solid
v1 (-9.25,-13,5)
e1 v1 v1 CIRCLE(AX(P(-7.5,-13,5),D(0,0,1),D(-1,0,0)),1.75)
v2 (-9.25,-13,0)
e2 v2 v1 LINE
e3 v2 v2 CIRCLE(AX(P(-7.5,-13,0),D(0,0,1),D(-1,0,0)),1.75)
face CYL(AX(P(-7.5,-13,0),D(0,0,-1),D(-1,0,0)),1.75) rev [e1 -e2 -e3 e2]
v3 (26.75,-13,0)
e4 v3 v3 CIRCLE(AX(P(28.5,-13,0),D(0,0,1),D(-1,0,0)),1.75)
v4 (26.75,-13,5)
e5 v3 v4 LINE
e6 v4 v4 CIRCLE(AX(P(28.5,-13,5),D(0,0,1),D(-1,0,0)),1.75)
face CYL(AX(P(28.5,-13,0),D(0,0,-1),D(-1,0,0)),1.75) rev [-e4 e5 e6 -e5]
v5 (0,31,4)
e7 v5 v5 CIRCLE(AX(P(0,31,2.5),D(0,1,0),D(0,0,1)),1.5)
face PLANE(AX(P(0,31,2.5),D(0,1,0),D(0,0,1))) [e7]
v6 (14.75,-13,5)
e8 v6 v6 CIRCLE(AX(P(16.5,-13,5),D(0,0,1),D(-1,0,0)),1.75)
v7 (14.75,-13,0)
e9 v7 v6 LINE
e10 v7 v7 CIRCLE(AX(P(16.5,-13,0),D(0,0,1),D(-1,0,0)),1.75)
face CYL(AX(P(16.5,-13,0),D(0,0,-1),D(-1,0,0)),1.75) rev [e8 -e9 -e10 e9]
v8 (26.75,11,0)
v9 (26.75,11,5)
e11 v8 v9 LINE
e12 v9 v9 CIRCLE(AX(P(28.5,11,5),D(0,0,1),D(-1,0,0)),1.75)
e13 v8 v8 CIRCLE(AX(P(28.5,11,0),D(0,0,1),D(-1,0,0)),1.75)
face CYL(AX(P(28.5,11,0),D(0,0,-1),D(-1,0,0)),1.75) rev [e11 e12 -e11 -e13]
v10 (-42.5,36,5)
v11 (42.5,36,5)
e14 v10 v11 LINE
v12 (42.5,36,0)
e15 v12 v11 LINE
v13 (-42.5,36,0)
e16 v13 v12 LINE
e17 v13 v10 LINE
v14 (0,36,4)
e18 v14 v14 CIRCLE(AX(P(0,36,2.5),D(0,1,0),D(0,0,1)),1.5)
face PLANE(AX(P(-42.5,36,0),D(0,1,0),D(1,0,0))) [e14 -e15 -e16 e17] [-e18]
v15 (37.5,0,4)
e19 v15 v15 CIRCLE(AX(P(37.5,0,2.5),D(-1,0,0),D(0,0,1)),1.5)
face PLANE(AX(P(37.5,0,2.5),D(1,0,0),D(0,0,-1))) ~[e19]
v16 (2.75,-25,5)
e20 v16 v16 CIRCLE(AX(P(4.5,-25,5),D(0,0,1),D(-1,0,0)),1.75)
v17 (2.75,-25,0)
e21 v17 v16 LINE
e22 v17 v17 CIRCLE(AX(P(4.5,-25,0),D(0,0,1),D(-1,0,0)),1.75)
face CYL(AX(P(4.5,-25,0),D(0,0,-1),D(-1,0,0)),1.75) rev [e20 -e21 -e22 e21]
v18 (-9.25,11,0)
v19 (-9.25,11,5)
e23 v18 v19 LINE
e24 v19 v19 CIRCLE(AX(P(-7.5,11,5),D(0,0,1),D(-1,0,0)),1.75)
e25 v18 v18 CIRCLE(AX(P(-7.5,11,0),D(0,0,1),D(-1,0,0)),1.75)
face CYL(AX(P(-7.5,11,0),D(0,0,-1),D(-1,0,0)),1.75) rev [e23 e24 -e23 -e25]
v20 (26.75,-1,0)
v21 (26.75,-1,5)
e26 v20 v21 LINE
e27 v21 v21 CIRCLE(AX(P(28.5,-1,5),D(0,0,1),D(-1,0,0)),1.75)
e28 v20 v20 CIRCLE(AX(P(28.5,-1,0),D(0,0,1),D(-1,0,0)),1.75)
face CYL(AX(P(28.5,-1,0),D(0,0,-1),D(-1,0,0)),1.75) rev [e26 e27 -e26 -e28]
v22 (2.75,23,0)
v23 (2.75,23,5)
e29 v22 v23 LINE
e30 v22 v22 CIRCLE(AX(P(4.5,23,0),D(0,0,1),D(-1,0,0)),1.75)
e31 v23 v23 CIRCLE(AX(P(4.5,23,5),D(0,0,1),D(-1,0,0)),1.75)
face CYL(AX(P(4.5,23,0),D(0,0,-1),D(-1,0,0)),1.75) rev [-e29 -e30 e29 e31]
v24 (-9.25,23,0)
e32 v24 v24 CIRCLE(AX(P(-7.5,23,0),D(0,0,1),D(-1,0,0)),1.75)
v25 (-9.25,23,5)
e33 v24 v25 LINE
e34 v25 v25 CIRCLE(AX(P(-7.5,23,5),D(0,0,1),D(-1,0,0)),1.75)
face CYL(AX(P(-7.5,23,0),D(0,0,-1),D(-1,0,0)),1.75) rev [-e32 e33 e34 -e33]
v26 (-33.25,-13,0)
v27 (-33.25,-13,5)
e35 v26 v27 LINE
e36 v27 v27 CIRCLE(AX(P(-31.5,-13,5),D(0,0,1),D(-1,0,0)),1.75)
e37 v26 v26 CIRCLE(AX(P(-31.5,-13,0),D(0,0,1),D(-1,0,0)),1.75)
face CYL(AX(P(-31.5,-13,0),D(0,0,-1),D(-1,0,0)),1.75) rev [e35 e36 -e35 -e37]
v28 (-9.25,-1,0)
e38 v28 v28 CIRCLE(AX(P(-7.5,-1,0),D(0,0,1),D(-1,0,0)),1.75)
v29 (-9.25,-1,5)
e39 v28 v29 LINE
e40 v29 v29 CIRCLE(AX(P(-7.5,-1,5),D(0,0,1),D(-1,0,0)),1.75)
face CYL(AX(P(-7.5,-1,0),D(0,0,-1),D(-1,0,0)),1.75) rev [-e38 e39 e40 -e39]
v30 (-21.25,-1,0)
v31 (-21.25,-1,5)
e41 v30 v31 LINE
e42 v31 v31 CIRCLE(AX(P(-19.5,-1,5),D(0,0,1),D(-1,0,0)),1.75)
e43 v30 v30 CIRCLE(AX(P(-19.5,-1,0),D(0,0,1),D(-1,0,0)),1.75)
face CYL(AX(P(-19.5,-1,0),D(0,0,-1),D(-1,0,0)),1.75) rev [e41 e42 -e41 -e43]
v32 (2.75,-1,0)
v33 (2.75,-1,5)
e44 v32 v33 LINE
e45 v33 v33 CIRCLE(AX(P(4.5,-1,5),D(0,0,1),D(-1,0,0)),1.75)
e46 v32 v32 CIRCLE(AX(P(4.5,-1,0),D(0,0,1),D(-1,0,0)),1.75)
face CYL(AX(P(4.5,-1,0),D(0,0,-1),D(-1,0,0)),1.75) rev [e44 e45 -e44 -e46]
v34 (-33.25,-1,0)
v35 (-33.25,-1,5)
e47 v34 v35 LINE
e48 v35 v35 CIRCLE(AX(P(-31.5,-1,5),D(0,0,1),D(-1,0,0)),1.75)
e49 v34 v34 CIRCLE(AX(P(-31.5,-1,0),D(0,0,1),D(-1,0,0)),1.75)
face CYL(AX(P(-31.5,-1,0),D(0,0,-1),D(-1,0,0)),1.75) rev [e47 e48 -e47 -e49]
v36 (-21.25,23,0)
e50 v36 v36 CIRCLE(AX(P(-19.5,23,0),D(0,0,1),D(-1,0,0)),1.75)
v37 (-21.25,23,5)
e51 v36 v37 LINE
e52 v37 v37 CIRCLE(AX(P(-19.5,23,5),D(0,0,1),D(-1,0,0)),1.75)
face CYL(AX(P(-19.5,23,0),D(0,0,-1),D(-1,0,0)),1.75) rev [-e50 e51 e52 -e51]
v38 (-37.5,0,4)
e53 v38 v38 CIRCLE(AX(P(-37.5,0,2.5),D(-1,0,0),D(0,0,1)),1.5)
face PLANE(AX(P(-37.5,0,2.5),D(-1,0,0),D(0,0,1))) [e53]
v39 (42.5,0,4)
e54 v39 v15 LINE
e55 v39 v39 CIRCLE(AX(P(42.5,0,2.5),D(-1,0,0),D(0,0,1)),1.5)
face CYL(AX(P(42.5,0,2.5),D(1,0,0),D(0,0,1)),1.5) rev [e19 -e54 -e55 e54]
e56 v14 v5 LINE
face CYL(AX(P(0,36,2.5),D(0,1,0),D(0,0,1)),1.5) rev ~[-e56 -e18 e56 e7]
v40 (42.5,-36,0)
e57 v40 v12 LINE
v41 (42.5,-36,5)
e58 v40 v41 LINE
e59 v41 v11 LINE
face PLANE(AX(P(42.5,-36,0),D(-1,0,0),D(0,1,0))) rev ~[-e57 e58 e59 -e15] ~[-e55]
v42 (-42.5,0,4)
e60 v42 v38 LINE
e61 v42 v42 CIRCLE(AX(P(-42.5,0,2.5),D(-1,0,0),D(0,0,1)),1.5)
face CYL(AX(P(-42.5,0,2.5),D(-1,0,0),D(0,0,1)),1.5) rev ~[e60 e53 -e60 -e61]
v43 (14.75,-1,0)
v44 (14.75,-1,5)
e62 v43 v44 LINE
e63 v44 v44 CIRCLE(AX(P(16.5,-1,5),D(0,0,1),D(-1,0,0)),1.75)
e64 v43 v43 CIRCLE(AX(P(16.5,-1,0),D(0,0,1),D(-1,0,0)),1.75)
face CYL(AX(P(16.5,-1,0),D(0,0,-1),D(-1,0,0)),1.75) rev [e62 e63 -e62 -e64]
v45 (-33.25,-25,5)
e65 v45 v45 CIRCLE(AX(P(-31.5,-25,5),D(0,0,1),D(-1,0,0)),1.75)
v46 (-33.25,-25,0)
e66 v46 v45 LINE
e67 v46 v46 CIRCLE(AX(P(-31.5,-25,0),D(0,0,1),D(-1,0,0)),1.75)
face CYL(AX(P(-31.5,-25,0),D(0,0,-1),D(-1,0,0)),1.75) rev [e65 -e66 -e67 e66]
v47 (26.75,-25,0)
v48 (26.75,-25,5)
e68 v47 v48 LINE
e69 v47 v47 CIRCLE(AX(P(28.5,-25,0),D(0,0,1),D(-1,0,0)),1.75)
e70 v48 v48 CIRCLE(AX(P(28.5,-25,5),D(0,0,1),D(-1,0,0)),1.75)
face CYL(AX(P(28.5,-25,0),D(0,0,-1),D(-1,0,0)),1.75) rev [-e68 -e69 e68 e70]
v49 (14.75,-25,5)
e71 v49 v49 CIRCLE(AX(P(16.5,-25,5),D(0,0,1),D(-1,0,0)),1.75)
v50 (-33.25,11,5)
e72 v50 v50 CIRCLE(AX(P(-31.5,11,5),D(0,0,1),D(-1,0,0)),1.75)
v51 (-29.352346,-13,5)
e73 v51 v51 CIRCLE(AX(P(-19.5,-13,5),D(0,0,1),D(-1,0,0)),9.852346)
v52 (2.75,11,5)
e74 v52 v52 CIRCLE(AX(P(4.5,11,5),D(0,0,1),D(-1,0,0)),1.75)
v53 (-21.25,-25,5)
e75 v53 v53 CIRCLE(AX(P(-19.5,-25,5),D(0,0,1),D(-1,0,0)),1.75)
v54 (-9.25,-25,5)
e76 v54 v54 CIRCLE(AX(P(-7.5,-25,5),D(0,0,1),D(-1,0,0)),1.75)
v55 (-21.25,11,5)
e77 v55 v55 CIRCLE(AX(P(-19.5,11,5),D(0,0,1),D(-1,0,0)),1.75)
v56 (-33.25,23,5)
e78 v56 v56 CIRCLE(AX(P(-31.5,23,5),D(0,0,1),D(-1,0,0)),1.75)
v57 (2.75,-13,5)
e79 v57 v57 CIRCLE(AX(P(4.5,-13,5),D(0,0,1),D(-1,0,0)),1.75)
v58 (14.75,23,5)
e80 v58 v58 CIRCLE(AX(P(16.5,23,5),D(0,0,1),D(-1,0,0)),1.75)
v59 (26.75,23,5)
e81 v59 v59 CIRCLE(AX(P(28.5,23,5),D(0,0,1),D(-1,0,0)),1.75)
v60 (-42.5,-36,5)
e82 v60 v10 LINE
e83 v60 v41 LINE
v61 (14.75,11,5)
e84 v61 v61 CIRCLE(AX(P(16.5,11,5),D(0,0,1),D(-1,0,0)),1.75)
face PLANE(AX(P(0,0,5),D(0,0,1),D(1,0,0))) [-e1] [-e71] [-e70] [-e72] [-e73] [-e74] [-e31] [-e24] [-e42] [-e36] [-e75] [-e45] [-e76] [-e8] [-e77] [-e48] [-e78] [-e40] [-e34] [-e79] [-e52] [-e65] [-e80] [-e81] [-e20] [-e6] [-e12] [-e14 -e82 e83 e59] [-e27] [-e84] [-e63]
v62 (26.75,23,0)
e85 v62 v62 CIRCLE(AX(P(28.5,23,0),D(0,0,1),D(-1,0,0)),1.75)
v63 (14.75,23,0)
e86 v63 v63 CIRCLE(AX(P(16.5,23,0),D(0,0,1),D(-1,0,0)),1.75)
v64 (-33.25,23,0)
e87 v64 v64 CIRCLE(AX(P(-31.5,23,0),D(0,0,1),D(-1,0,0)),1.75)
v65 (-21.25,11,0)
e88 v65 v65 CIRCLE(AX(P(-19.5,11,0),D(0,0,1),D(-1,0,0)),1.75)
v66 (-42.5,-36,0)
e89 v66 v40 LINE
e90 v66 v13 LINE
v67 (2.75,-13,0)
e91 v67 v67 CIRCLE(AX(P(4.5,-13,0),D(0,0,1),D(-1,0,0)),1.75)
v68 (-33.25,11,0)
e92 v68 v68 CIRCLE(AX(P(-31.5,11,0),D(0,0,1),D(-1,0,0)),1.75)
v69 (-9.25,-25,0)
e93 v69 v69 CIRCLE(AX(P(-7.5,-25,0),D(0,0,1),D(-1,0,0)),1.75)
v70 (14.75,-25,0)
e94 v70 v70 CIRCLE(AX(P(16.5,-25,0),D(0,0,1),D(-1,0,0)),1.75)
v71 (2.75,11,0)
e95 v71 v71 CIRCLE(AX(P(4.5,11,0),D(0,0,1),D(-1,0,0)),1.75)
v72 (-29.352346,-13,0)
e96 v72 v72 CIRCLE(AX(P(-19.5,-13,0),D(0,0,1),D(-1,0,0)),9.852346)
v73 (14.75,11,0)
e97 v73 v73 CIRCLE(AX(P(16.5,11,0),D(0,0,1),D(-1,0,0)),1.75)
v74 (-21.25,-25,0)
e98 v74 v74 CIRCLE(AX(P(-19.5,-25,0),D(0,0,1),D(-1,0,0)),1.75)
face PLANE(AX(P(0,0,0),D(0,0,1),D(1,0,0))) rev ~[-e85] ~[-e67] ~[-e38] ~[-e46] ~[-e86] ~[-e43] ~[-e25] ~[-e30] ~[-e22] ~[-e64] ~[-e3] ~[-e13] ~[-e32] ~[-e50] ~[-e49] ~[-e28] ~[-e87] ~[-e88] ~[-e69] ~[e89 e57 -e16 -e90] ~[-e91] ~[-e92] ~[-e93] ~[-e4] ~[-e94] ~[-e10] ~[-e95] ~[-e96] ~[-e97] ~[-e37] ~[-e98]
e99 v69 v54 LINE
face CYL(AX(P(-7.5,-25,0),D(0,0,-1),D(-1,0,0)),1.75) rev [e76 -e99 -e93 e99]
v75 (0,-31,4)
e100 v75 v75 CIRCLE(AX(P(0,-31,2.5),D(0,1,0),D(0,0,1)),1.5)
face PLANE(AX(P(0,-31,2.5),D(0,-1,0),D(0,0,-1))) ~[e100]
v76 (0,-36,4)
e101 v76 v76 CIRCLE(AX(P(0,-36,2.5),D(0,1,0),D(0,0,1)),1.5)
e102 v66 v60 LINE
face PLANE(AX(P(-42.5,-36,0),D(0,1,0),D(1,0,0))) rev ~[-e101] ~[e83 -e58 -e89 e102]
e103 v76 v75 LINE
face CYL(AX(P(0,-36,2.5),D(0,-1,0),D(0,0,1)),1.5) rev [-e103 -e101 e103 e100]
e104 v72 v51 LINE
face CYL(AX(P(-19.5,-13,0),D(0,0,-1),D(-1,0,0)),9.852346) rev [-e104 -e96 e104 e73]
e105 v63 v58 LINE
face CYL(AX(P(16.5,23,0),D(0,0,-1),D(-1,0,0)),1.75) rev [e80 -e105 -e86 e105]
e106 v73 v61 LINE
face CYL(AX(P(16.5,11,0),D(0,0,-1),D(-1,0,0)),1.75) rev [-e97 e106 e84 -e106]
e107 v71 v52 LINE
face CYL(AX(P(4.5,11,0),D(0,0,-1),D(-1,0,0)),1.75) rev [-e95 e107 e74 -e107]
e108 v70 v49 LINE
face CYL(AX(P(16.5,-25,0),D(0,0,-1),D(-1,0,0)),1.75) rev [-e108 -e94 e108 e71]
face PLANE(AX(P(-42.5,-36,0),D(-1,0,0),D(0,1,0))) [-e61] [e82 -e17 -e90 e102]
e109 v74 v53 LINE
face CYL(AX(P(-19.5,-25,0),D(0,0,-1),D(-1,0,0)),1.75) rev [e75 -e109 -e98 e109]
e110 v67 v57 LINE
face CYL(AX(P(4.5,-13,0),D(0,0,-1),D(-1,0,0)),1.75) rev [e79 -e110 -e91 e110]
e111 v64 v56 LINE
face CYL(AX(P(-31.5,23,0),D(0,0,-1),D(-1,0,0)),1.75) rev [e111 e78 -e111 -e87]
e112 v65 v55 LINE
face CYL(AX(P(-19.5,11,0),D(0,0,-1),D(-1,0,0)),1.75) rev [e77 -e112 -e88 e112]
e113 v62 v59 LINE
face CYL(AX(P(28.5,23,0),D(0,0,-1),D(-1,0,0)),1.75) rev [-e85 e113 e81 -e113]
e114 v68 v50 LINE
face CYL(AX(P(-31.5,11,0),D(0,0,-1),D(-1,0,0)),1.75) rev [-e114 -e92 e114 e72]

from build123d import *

# Parameters (mm, degrees)
ESQUISSE1_W                     = 85
ESQUISSE1_H                     = 72
BOSS_EXTRU_1_DEPTH              = 5
ESQUISSE3_R                     = 1.5
ENL_V_MAT_EXTRU_5_DEPTH         = 5
ESQUISSE5_R                     = 1.75
ENL_V_MAT_EXTRU_6_DEPTH         = 5
R_P_TITION_LIN_AIRE2_COUNT      = 6
R_P_TITION_LIN_AIRE2_PITCH      = 12
R_P_TITION_LIN_AIRE2_COUNT_DIR2 = 5
R_P_TITION_LIN_AIRE2_PITCH_DIR2 = 12
ESQUISSE6_R                     = 9.852345932
ENL_V_MAT_EXTRU_7_DEPTH         = 5
ESQUISSE8_R                     = 1.5
ENL_V_MAT_EXTRU_8_DEPTH         = 5


with BuildPart() as part:
    # Esquisse1 → Boss.-Extru.1 (new body)
    with BuildSketch(Plane.XY):
        Rectangle(ESQUISSE1_W, ESQUISSE1_H)
    extrude(amount=BOSS_EXTRU_1_DEPTH)

    # Esquisse3 → Enlèv. mat.-Extru.5 (cut)
    with BuildSketch(Plane.ZY.offset(42.5)):
        with Locations((2.5, 0)):
            Circle(ESQUISSE3_R)
    enl_v_mat_extru_5 = extrude(amount=-ENL_V_MAT_EXTRU_5_DEPTH, mode=Mode.SUBTRACT)

    # Symétrie1: Enlèv. mat.-Extru.5 across plane
    add(enl_v_mat_extru_5.mirror(Plane(origin=(0, 0, 0), x_dir=(0, 0, 1), z_dir=(1, 0, 0))), mode=Mode.SUBTRACT)

    # Esquisse5 → Enlèv. mat.-Extru.6 (cut)
    with BuildSketch(Plane.XY):
        with Locations(Location((-31.5, -25, 0), (0, 0, 180))):
            Circle(ESQUISSE5_R)
    enl_v_mat_extru_6 = extrude(amount=ENL_V_MAT_EXTRU_6_DEPTH, mode=Mode.SUBTRACT)

    # Répétition linéaire2: Enl_v. mat.-Extru.6 6 × 5
    with Locations(*[(i * R_P_TITION_LIN_AIRE2_PITCH, j * R_P_TITION_LIN_AIRE2_PITCH_DIR2, 0) for i in range(R_P_TITION_LIN_AIRE2_COUNT) for j in range(R_P_TITION_LIN_AIRE2_COUNT_DIR2) if (i, j) != (0, 0)]):
        add(enl_v_mat_extru_6, mode=Mode.SUBTRACT)

    # Esquisse6 → Enlèv. mat.-Extru.7 (cut)
    with BuildSketch(Plane.XY):
        with Locations(Location((-19.5, -13, 0), (0, 0, 180))):
            Circle(ESQUISSE6_R)
    extrude(amount=ENL_V_MAT_EXTRU_7_DEPTH, mode=Mode.SUBTRACT)

    # Esquisse8 → Enlèv. mat.-Extru.8 (cut)
    with BuildSketch(Plane(origin=(0, 36, 0), x_dir=(1, 0, 0), z_dir=(0, 1, 0))):
        with Locations(Location((0, -2.5, 0), (0, 0, 270))):
            Circle(ESQUISSE8_R)
    enl_v_mat_extru_8 = extrude(amount=-ENL_V_MAT_EXTRU_8_DEPTH, mode=Mode.SUBTRACT)

    # Symétrie2: Enlèv. mat.-Extru.8 across plane
    add(enl_v_mat_extru_8.mirror(Plane.ZX), mode=Mode.SUBTRACT)


solid = part.part
